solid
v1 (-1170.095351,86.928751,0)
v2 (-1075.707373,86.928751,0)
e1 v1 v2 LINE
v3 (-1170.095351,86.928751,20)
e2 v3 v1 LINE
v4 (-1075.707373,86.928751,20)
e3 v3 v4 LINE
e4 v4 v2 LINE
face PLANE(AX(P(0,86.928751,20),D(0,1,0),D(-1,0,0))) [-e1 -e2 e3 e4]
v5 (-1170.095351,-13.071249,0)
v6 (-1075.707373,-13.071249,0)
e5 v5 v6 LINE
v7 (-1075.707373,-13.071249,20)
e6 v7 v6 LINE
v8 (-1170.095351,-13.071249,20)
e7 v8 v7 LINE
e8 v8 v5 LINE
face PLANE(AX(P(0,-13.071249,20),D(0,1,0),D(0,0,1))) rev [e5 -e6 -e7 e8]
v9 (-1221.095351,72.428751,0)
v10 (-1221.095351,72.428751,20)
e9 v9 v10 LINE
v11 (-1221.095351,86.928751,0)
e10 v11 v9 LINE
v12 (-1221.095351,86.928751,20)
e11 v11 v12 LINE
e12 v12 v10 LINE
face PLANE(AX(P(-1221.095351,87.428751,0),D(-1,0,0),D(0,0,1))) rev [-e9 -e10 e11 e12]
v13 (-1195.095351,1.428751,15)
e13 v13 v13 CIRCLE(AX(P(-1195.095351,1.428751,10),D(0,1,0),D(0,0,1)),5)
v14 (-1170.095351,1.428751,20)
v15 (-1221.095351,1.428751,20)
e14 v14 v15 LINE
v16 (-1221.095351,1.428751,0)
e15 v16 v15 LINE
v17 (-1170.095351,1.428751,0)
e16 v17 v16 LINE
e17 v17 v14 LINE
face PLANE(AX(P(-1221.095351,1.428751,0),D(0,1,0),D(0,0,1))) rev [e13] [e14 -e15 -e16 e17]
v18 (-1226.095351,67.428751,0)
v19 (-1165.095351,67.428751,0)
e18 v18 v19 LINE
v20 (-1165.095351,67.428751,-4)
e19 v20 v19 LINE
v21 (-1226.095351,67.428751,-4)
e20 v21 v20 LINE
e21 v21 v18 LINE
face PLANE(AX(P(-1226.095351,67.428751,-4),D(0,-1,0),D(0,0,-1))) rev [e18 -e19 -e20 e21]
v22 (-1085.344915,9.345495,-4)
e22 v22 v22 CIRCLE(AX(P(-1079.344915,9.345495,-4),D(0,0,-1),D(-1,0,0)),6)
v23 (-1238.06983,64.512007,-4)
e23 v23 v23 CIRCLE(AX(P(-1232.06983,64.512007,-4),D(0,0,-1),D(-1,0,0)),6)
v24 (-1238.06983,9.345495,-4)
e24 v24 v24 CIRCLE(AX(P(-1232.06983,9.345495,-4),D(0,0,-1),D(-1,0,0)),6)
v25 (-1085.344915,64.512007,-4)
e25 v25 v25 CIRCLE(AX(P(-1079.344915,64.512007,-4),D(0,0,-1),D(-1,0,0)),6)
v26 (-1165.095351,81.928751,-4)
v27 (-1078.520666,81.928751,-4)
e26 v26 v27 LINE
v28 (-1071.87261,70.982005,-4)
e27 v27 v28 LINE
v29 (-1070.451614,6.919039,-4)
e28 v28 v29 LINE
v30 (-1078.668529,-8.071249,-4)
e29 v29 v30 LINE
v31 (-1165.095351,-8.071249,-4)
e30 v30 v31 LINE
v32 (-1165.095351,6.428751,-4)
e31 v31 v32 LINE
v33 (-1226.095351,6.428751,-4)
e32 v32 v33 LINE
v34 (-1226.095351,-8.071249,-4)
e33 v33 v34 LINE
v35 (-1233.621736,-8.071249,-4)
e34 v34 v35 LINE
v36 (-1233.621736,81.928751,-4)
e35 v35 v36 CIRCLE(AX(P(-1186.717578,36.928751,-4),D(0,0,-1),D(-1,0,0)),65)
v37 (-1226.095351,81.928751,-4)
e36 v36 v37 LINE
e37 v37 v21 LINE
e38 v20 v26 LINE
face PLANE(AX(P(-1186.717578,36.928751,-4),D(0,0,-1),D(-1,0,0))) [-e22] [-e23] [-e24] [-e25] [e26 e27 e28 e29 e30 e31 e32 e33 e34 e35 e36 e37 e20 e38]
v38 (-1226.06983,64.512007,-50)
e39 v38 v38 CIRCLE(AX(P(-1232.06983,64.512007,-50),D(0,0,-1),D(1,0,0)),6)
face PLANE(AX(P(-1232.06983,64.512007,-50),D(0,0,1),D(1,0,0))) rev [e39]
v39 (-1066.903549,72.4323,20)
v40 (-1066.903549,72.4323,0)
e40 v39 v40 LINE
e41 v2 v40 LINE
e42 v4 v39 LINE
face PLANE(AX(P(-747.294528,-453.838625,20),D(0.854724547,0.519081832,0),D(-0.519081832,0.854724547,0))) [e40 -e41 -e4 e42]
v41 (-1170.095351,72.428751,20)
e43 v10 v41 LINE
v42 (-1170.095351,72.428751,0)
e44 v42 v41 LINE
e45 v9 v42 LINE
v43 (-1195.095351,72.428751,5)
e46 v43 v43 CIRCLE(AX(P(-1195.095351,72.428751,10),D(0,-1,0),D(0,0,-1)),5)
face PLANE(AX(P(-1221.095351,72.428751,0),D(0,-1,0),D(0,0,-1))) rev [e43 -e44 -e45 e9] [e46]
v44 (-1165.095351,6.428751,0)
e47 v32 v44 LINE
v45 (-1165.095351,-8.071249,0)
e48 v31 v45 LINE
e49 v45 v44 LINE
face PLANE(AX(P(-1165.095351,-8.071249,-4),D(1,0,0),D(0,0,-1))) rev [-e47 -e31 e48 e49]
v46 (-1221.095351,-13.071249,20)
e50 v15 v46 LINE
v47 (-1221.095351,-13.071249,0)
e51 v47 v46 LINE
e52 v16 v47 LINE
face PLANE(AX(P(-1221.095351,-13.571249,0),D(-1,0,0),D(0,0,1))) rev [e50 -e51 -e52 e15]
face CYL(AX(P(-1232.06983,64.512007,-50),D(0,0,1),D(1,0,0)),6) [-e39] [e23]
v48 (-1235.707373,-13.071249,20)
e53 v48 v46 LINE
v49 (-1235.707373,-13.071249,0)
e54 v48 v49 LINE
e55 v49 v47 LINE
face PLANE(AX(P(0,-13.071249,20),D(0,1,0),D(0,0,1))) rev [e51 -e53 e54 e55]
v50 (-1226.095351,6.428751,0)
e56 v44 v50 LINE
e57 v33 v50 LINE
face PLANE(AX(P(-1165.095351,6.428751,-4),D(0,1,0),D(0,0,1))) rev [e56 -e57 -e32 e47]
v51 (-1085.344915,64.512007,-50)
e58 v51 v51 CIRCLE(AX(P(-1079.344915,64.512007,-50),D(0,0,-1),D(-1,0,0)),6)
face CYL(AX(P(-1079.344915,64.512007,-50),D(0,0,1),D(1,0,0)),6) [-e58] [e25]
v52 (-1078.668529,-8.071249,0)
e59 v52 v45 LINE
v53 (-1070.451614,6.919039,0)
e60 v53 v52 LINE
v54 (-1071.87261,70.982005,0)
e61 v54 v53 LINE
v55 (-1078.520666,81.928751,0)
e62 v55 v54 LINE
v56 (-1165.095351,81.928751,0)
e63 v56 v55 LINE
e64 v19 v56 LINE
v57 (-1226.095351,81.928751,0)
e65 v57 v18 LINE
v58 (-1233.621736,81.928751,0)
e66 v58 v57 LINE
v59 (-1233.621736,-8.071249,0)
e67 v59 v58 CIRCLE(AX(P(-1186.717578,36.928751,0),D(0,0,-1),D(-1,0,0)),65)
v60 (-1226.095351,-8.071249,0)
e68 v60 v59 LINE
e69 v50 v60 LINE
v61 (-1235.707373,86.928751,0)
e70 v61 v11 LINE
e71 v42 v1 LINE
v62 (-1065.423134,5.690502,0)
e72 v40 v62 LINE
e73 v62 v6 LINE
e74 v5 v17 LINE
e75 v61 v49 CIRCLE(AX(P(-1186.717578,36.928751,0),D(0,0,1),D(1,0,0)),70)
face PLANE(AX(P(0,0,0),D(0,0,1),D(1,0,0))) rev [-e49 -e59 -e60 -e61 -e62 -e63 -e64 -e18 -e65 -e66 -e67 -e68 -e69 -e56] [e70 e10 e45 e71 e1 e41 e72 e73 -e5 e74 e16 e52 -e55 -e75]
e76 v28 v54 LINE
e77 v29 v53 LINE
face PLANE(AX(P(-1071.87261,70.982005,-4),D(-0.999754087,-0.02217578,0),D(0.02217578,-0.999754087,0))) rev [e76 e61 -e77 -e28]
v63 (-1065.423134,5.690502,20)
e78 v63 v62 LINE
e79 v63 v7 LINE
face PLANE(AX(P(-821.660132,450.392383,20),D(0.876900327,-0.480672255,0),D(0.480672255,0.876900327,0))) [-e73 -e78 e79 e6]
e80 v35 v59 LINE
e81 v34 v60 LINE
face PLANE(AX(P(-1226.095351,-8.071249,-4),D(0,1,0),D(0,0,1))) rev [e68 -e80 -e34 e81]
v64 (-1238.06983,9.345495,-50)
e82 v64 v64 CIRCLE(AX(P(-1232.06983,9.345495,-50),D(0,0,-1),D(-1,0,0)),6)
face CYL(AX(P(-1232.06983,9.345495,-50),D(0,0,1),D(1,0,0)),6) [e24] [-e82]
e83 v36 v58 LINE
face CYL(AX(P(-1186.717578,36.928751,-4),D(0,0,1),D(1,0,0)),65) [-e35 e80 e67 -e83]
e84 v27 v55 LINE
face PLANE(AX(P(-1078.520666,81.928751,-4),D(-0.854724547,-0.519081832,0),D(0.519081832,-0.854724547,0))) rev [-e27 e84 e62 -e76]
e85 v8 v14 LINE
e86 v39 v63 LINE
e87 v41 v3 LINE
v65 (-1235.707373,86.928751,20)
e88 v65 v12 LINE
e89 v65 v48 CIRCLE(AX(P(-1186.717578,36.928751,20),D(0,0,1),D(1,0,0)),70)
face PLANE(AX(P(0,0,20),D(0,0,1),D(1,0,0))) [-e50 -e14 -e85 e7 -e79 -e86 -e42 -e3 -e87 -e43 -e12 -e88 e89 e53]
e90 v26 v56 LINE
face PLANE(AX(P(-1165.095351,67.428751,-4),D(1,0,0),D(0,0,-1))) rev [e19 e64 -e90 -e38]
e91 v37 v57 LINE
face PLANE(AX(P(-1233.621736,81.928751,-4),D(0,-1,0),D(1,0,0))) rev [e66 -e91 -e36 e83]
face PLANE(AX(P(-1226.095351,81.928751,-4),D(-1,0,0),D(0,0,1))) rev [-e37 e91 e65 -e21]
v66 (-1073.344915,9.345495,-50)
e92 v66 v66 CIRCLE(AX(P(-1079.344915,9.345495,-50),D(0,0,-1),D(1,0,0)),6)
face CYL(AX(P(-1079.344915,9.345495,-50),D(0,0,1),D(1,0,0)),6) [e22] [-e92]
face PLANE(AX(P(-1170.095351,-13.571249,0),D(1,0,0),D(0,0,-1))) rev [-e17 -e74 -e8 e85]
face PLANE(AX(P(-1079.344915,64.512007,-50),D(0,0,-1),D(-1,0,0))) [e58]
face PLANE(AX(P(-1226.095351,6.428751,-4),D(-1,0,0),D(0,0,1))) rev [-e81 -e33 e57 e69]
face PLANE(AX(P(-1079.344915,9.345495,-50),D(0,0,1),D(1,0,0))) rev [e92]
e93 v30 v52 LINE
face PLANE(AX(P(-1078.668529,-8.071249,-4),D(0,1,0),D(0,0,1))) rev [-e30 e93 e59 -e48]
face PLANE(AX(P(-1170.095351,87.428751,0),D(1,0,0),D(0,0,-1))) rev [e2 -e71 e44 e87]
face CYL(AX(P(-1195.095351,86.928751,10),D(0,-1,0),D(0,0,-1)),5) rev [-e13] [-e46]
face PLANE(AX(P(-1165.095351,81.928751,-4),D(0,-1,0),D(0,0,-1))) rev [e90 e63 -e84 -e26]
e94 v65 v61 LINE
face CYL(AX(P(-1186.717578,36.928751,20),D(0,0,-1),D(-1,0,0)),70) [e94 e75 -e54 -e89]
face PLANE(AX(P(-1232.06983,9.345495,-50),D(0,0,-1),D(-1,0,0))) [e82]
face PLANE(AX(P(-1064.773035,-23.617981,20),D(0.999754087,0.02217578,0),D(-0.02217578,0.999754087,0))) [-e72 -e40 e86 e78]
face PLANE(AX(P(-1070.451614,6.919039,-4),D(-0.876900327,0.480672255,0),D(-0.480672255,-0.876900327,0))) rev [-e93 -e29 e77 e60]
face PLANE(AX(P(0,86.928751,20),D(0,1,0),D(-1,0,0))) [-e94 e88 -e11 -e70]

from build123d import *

# Parameters (mm, degrees)
SKETCH5_W               = 160
SKETCH5_H               = 100
BOSS_EXTRUDE2_DEPTH     = 20
SKETCH6_W               = 51
SKETCH6_H               = 15
CUT_EXTRUDE1_DEPTH      = 1
CUT_EXTRUDE1_DEPTH_BACK = 21
SKETCH7_R               = 6
BOSS_EXTRUDE3_DEPTH     = 50
SKETCH8_R               = 5
CUT_EXTRUDE2_DEPTH      = 15.5
CUT_EXTRUDE2_DEPTH_BACK = 86.5
BOSS_EXTRUDE4_DEPTH     = 4
BOSS_EXTRUDE5_DEPTH     = 5


with BuildPart() as part:
    # Sketch5 → Boss-Extrude2 (new body)
    with BuildSketch(Plane.XY):
        with Locations((-1155.707372839, 36.928751241)):
            Rectangle(SKETCH5_W, SKETCH5_H)
        Polygon((-1065.42313354, 5.690501508), (-1075.707372839, -13.071248759), (-1075.707372839, 86.928751241), (-1066.90354904, 72.432300318), align=None)
        with BuildLine():
            Line((-1235.707372839, 86.928751241), (-1235.707372839, -13.071248759))
            ThreePointArc((-1235.707372839, -13.071248759), (-1256.717577983, 36.928751241), (-1235.707372839, 86.928751241))
        make_face()
    extrude(amount=BOSS_EXTRUDE2_DEPTH)

    # Sketch6 → Cut-Extrude1 (cut, two sides)
    with BuildSketch(Plane.XY.offset(20)) as cut_extrude1_sk:
        with Locations((-1195.595351444, -6.071248759)):
            Rectangle(SKETCH6_W, SKETCH6_H)
        with Locations((-1195.595351444, 79.928751241)):
            Rectangle(SKETCH6_W, SKETCH6_H)
    extrude(amount=CUT_EXTRUDE1_DEPTH, mode=Mode.SUBTRACT)
    extrude(cut_extrude1_sk.sketch, amount=-CUT_EXTRUDE1_DEPTH_BACK, mode=Mode.SUBTRACT)

    # Sketch7 → Boss-Extrude3 (add)
    with BuildSketch(Plane(origin=(0, 0, 0), x_dir=(-1, 0, 0), z_dir=(0, 0, -1))):
        with Locations((1079.344915198, 64.512007402)):
            Circle(SKETCH7_R)
        with Locations((1079.344915198, 9.345495081)):
            Circle(SKETCH7_R)
        with Locations((1232.069830479, 9.345495081)):
            Circle(SKETCH7_R)
        with Locations((1232.069830479, 64.512007402)):
            Circle(SKETCH7_R)
    extrude(amount=BOSS_EXTRUDE3_DEPTH)

    # Sketch8 → Cut-Extrude2 (cut, two sides)
    with BuildSketch(Plane.XZ.offset(-1.428751241)) as cut_extrude2_sk:
        with Locations((-1195.095351444, 10)):
            Circle(SKETCH8_R)
    extrude(amount=CUT_EXTRUDE2_DEPTH, mode=Mode.SUBTRACT)
    extrude(cut_extrude2_sk.sketch, amount=-CUT_EXTRUDE2_DEPTH_BACK, mode=Mode.SUBTRACT)

    # Sketch9 → Boss-Extrude4 (add)
    with BuildSketch(Plane(origin=(0, 0, 0), x_dir=(-1, 0, 0), z_dir=(0, 0, -1))):
        with BuildLine():
            Line((1165.095351444, 6.428751241), (1226.095351444, 6.428751241))
            Line((1226.095351444, 6.428751241), (1226.095351444, -8.071248759))
            Line((1226.095351444, -8.071248759), (1233.621735581, -8.071248759))
            ThreePointArc((1233.621735581, -8.071248759), (1251.717577983, 36.928751241), (1233.621735581, 81.928751241))
            Line((1233.621735581, 81.928751241), (1226.095351444, 81.928751241))
            Line((1226.095351444, 81.928751241), (1226.095351444, 67.428751241))
            Line((1226.095351444, 67.428751241), (1165.095351444, 67.428751241))
            Line((1165.095351444, 67.428751241), (1165.095351444, 81.928751241))
            Line((1165.095351444, 81.928751241), (1078.520666135, 81.928751241))
            Line((1078.520666135, 81.928751241), (1071.872609564, 70.982004916))
            Line((1071.872609564, 70.982004916), (1070.451613888, 6.919039109))
            Line((1070.451613888, 6.919039109), (1078.668528909, -8.071248759))
            Line((1078.668528909, -8.071248759), (1165.095351444, -8.071248759))
            Line((1165.095351444, -8.071248759), (1165.095351444, 6.428751241))
        make_face()
    extrude(amount=BOSS_EXTRUDE4_DEPTH)

    # Sketch10 → Boss-Extrude5 (add)
    with BuildSketch(Plane(origin=(0, 0, 0), x_dir=(-1, 0, 0), z_dir=(0, 0, -1))):
        with BuildLine():
            Line((1170.095351444, 1.428751241), (1221.095351444, 1.428751241))
            Line((1221.095351444, 1.428751241), (1221.095351444, -13.071248759))
            Line((1221.095351444, -13.071248759), (1235.707372839, -13.071248759))
            ThreePointArc((1235.707372839, -13.071248759), (1256.717577983, 36.928751241), (1235.707372839, 86.928751241))
            Line((1235.707372839, 86.928751241), (1221.095351444, 86.928751241))
            Line((1221.095351444, 86.928751241), (1221.095351444, 72.428751241))
            Line((1221.095351444, 72.428751241), (1170.095351444, 72.428751241))
            Line((1170.095351444, 72.428751241), (1170.095351444, 86.928751241))
            Line((1170.095351444, 86.928751241), (1075.707372839, 86.928751241))
            Line((1075.707372839, 86.928751241), (1066.90354904, 72.432300318))
            Line((1066.90354904, 72.432300318), (1065.42313354, 5.690501508))
            Line((1065.42313354, 5.690501508), (1075.707372839, -13.071248759))
            Line((1075.707372839, -13.071248759), (1170.095351444, -13.071248759))
            Line((1170.095351444, -13.071248759), (1170.095351444, 1.428751241))
        make_face()
    extrude(amount=-BOSS_EXTRUDE5_DEPTH)


solid = part.part
